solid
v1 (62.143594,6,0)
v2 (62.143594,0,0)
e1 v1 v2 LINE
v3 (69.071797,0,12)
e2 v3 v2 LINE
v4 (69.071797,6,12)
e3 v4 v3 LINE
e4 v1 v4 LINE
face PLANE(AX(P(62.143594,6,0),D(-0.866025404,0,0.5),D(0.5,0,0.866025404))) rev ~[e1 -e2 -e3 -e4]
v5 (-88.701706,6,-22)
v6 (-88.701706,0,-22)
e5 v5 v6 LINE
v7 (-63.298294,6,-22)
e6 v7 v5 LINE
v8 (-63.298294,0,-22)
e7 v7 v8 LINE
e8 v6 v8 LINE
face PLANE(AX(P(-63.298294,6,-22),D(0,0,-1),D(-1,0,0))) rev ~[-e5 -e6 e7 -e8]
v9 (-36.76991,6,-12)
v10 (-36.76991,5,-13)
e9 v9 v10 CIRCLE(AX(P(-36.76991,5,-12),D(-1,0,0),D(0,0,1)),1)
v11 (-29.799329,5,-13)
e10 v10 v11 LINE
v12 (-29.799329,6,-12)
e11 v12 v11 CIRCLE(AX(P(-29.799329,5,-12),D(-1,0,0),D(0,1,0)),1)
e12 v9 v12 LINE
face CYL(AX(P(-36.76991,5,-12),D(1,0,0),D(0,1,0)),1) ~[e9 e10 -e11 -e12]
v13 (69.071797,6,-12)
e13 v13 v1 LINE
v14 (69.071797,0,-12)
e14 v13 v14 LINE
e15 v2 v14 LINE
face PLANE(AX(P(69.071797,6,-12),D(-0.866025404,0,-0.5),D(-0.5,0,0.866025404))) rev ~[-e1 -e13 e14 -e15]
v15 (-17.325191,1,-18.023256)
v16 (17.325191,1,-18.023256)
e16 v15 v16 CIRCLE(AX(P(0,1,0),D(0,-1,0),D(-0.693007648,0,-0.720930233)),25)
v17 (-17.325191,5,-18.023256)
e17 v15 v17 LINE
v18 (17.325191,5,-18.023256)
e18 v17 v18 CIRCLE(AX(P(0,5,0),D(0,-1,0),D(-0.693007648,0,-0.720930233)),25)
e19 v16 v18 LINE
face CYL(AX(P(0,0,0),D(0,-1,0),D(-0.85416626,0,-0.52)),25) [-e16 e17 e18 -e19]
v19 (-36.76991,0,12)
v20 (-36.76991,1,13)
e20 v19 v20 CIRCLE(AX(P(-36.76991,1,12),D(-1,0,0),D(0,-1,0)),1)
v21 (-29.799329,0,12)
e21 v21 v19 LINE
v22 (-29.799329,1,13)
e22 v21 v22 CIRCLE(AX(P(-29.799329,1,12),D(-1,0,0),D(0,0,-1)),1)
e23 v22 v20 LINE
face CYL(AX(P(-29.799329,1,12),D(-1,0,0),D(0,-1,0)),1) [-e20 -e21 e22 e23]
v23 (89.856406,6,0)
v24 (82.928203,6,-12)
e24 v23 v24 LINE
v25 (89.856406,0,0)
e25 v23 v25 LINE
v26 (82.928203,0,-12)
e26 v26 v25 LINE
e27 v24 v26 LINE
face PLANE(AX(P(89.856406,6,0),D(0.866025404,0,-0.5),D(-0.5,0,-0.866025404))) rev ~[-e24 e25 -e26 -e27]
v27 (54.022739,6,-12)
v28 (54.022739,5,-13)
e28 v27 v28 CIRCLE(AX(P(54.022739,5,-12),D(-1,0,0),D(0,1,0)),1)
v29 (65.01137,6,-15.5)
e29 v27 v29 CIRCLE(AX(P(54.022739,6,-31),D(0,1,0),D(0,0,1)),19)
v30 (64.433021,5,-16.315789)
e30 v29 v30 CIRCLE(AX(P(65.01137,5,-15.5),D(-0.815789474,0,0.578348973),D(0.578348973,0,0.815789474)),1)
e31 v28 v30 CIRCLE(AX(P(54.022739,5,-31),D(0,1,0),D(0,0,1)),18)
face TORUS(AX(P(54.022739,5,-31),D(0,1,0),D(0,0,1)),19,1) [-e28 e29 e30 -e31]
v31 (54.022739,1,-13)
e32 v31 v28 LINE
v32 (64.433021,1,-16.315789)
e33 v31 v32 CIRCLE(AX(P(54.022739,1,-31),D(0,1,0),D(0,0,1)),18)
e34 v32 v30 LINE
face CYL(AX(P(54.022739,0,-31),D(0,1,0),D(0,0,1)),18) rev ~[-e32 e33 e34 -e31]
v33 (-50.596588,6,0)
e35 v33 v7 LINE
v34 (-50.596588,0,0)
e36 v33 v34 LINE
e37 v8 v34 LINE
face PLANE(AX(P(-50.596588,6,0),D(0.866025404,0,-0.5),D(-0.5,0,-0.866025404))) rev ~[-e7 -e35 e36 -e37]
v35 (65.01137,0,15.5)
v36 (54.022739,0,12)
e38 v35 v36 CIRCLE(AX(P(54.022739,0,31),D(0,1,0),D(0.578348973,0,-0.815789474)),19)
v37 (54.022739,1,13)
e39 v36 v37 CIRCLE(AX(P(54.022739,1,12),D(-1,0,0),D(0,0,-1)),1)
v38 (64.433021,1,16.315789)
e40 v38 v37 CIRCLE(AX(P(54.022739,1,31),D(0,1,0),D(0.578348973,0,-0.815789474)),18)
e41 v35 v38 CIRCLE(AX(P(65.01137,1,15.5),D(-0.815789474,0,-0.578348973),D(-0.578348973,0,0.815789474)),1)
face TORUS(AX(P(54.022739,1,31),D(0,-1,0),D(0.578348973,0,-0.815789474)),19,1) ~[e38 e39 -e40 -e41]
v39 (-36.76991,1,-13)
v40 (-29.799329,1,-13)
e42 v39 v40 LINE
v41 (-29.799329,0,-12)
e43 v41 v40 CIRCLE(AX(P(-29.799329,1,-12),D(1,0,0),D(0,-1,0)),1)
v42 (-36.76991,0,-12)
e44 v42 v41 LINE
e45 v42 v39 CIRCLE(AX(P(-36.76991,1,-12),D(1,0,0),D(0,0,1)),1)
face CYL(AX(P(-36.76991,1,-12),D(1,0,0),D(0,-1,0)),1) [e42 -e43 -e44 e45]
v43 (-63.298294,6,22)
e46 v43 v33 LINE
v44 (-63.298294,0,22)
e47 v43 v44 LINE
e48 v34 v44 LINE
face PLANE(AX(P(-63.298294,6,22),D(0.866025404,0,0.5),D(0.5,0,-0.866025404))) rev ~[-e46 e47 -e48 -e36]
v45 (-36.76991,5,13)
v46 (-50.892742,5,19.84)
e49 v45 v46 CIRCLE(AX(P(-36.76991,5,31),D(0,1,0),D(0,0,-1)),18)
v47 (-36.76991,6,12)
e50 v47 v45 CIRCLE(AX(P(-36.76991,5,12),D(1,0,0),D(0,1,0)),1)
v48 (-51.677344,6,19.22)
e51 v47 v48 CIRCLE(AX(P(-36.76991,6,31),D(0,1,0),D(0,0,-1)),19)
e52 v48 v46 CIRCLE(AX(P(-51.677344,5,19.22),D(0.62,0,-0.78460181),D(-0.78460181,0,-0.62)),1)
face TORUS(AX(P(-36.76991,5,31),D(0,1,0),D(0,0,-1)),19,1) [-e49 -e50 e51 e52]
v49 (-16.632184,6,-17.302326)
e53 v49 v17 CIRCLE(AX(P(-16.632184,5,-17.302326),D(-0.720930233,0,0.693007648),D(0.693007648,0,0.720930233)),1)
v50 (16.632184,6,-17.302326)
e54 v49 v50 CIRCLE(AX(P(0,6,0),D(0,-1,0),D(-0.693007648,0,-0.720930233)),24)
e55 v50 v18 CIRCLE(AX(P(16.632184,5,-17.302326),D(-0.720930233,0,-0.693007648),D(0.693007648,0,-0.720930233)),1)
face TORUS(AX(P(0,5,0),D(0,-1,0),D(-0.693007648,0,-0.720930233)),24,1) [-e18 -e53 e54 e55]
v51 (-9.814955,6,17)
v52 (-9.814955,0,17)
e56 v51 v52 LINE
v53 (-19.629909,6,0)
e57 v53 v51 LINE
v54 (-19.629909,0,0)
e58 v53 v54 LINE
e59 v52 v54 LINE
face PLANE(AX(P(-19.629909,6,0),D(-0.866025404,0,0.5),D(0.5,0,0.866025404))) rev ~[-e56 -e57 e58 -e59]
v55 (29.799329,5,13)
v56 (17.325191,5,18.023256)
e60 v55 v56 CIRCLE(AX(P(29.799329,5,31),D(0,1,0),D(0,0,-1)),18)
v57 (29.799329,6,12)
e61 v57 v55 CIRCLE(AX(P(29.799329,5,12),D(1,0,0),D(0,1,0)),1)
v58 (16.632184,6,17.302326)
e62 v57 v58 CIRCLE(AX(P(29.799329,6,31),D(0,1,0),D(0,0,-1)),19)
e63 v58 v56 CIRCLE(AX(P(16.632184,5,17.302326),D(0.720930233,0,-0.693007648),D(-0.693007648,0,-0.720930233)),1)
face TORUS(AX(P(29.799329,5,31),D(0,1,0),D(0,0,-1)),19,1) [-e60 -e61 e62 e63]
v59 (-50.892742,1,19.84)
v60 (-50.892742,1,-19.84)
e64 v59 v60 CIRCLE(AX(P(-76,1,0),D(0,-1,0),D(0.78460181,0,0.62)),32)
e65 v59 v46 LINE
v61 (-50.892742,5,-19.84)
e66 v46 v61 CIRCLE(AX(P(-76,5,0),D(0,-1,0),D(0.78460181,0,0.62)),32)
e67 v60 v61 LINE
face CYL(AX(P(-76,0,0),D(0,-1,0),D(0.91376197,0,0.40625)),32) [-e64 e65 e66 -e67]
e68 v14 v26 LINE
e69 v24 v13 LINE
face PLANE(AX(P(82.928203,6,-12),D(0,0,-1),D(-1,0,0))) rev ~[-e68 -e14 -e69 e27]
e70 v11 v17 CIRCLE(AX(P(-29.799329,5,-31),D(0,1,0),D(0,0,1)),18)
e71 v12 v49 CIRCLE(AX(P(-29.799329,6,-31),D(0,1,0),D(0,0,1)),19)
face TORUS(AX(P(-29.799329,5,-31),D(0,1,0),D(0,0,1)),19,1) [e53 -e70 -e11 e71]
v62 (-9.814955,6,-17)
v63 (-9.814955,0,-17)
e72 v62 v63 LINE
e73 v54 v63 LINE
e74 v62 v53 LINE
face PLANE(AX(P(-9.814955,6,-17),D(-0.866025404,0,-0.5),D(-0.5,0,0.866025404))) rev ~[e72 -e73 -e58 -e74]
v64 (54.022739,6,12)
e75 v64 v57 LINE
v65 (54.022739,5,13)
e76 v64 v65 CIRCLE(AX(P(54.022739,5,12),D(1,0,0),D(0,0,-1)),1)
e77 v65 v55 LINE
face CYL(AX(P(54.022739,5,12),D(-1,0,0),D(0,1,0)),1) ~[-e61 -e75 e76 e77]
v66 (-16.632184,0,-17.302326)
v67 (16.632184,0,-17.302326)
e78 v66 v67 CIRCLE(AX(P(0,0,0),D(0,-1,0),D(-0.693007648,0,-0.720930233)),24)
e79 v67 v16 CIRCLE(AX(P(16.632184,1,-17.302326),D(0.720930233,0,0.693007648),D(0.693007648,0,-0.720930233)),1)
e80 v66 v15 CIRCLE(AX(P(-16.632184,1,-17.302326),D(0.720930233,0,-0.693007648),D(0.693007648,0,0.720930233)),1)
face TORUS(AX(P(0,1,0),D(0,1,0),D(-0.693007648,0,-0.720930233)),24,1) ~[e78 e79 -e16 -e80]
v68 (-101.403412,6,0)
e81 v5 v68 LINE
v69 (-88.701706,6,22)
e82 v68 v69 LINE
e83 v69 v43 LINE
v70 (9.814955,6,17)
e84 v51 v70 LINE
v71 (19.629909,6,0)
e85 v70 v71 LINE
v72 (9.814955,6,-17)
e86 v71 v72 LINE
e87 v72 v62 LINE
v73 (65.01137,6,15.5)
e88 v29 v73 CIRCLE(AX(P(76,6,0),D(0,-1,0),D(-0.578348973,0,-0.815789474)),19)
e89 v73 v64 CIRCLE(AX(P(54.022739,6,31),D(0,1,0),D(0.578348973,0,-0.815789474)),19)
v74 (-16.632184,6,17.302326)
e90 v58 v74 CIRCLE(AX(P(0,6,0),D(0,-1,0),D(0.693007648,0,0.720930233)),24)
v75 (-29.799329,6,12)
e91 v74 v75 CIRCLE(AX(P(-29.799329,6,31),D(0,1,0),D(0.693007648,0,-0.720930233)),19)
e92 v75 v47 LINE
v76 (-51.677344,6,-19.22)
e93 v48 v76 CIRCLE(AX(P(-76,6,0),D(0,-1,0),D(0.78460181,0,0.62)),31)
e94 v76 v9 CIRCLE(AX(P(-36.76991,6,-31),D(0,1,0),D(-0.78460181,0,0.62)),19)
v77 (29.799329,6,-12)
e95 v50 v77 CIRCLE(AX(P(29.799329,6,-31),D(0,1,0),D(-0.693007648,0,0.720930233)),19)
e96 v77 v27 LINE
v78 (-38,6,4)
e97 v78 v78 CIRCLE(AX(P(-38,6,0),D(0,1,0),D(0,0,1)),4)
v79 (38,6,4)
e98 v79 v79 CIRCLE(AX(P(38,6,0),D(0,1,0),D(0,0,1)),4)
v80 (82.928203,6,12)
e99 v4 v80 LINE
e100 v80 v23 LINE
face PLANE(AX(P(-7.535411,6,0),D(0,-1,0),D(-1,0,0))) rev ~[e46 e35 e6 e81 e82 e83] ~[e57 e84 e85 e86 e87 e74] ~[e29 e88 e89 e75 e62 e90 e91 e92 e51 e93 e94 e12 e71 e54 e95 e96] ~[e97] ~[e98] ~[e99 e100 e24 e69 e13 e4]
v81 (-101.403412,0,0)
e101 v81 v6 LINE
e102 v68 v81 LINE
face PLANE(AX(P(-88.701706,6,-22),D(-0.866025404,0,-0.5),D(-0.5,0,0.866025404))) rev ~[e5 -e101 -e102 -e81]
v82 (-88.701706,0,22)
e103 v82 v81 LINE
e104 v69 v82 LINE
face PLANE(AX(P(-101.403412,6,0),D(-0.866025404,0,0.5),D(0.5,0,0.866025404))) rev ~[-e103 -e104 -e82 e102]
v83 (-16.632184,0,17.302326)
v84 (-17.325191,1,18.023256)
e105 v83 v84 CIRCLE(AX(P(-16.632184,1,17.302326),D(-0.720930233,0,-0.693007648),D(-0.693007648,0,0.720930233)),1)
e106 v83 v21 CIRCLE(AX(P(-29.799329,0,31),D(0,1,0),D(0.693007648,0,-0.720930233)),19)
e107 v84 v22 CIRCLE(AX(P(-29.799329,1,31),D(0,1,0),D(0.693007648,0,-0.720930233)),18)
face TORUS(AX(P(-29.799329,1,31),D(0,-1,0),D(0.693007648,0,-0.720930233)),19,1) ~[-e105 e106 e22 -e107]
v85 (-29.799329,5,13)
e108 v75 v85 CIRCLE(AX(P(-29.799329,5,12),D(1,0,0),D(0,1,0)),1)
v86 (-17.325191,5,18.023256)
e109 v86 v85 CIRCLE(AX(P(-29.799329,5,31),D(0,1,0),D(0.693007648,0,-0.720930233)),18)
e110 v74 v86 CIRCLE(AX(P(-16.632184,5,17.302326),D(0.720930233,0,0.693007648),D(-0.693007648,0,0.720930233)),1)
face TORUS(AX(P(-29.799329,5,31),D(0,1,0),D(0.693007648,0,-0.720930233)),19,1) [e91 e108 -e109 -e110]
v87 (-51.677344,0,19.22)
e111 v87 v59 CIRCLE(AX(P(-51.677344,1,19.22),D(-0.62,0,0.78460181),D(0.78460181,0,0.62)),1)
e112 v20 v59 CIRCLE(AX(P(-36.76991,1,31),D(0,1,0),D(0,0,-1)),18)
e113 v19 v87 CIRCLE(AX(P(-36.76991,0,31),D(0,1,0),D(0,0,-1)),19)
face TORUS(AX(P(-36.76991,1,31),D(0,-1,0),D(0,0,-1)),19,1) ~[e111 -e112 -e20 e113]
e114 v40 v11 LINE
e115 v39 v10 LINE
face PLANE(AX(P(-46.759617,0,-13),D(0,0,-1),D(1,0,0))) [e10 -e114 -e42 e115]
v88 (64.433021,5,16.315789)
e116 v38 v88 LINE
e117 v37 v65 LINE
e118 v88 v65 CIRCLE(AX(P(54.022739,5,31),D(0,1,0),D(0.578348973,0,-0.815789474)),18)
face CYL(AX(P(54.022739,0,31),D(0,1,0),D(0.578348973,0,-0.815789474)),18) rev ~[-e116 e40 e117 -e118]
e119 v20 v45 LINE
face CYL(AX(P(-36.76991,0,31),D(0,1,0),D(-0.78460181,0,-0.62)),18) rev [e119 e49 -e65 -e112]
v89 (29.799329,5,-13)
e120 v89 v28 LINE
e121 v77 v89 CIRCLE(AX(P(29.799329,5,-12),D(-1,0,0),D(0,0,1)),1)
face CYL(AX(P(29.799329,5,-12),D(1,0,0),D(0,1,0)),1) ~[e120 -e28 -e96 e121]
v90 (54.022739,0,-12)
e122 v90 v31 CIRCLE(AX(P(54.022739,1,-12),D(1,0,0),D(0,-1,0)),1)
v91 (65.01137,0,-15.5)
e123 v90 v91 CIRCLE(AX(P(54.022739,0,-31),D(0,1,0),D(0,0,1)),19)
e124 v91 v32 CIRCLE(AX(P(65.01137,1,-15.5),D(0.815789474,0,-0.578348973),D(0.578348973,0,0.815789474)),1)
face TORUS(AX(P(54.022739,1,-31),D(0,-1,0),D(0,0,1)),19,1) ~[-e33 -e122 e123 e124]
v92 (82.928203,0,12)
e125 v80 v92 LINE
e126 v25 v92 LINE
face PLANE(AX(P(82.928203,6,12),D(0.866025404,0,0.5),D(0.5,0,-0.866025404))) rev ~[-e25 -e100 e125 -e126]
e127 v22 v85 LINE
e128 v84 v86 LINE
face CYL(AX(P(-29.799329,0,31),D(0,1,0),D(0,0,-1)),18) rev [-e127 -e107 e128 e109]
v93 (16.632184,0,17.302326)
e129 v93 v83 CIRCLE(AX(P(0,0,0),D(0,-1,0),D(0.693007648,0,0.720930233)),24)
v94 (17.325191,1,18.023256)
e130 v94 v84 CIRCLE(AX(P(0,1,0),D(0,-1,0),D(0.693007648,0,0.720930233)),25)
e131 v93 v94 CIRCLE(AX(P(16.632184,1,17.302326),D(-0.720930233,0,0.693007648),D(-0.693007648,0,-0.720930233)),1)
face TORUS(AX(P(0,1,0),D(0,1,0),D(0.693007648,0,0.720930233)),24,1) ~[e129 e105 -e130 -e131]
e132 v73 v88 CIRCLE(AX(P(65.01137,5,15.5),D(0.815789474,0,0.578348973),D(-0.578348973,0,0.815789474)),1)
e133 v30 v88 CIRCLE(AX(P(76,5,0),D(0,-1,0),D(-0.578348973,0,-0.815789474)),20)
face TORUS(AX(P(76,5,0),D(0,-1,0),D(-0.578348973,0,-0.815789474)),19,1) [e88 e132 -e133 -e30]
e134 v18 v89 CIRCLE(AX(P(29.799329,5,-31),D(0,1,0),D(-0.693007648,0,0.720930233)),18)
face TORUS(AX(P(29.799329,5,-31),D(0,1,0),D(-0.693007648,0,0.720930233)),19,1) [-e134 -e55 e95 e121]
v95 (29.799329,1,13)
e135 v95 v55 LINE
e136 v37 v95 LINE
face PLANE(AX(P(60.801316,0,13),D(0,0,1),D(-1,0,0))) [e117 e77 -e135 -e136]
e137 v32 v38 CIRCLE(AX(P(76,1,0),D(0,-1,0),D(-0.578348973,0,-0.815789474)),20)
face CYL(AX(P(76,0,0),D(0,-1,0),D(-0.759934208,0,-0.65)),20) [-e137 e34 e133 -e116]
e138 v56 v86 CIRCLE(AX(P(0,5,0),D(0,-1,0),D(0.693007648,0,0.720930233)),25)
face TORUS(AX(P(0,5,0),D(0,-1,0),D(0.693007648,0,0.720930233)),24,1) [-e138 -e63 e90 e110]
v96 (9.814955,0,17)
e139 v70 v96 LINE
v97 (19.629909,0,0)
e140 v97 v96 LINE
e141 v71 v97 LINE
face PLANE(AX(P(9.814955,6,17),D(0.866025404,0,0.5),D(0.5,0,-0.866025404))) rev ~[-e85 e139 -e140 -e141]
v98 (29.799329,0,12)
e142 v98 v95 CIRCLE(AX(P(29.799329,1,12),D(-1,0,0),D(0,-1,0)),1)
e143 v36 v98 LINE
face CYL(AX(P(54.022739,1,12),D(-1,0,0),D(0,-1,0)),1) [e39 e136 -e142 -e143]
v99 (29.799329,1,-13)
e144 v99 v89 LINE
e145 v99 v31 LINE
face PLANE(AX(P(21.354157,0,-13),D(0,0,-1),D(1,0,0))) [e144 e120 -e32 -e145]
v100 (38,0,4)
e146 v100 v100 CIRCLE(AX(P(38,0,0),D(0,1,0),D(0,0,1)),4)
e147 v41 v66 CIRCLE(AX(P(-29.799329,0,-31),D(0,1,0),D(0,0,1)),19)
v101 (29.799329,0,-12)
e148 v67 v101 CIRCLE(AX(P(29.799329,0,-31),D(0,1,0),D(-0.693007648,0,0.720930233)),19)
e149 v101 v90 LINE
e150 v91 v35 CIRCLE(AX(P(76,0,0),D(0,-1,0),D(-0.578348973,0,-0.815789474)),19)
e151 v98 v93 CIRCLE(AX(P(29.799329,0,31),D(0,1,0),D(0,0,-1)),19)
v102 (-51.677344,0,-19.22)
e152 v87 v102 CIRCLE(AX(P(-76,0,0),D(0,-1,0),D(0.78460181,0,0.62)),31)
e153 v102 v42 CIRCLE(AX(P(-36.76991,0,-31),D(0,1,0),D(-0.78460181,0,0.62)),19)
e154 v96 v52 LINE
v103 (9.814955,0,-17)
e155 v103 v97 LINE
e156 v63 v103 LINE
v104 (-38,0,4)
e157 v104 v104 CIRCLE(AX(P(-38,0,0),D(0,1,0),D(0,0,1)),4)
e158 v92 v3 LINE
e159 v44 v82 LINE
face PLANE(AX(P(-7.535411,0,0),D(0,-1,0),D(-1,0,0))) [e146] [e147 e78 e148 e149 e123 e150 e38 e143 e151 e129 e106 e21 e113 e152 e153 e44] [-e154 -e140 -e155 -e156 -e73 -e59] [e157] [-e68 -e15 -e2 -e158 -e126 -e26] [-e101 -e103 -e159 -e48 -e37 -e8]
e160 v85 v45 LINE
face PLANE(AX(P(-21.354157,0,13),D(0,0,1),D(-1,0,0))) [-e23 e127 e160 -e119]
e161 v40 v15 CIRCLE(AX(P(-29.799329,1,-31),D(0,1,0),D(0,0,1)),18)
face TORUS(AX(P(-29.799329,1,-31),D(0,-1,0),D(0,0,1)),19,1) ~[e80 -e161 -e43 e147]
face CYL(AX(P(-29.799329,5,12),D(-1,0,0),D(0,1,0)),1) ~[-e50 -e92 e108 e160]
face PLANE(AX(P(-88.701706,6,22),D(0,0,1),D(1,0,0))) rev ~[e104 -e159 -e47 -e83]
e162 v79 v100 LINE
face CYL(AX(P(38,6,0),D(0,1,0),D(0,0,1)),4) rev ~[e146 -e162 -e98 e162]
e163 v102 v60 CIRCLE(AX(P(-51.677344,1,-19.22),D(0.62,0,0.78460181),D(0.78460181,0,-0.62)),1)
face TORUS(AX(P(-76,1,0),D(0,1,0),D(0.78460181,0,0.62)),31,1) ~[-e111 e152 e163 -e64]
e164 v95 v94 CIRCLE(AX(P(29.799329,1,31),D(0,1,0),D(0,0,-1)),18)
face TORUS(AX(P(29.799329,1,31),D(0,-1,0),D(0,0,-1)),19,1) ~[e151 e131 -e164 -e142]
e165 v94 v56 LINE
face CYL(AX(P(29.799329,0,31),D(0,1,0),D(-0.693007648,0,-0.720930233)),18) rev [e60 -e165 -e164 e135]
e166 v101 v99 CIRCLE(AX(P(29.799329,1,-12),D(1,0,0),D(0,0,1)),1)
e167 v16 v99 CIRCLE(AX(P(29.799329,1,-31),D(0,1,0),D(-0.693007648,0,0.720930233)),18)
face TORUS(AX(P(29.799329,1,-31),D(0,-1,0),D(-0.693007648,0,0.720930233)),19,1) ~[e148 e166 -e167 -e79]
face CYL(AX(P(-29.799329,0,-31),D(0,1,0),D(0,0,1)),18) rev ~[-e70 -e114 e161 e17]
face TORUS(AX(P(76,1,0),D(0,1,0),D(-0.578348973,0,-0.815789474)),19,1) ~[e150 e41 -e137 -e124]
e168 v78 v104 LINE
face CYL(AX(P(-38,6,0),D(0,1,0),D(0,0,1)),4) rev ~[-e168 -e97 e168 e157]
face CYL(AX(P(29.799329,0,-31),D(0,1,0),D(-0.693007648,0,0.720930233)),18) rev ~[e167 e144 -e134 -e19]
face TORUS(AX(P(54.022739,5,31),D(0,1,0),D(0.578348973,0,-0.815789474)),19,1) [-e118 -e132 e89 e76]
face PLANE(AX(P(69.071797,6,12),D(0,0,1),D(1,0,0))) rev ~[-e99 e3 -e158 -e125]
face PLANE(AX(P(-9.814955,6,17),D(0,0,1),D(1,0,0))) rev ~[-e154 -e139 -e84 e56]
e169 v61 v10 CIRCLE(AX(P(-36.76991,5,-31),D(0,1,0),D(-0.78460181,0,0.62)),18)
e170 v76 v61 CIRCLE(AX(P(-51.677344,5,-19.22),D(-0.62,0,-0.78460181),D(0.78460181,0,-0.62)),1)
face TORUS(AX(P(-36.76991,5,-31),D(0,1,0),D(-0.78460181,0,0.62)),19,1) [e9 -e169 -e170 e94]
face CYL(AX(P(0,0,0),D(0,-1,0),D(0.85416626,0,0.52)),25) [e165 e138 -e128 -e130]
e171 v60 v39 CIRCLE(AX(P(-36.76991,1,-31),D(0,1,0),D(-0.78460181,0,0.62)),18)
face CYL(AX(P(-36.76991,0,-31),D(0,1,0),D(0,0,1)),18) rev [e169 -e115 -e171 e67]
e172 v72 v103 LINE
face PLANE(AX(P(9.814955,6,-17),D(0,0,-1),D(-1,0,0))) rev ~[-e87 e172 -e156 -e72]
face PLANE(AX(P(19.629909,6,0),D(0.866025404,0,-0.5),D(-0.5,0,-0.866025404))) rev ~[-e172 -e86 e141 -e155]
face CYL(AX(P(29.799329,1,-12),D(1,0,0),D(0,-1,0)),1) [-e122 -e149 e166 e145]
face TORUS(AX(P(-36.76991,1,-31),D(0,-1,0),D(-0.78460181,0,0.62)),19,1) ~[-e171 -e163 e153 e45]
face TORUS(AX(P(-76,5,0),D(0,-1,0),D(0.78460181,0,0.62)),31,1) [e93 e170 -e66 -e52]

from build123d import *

# Parameters (mm, degrees)
BOSS_EXTRUDE1_DEPTH = 6
CUT_EXTRUDE1_DEPTH  = 7
FILLET1_R           = 18
SKETCH3_R           = 4
CUT_EXTRUDE2_DEPTH  = 7
FILLET3_R           = 1


with BuildPart() as part:
    # Sketch1 → Boss-Extrude1 (new body)
    with BuildSketch(Plane(origin=(0, 0, 0), x_dir=(1, 0, 0), z_dir=(0, 1, 0))):
        with BuildLine():
            Line((-46.759616966, 13), (-21.354156504, 13))
            ThreePointArc((-21.354156504, 13), (0, 25), (21.354156504, 13))
            Line((21.354156504, 13), (60.801315846, 13))
            ThreePointArc((60.801315846, 13), (96, 0), (60.801315846, -13))
            Line((60.801315846, -13), (21.354156504, -13))
            ThreePointArc((21.354156504, -13), (0, -25), (-21.354156504, -13))
            Line((-21.354156504, -13), (-46.759616966, -13))
            ThreePointArc((-46.759616966, -13), (-108, 0), (-46.759616966, 13))
        make_face()
    extrude(amount=BOSS_EXTRUDE1_DEPTH)

    # Sketch2 → Cut-Extrude1 (cut, through all)
    with BuildSketch(Plane(origin=(0, 6, 0), x_dir=(1, 0, 0), z_dir=(0, 1, 0))):
        Polygon((19.629909152, 0), (9.814954576, 17), (-9.814954576, 17), (-19.629909152, 0), (-9.814954576, -17), (9.814954576, -17), align=None)
        Polygon((89.856406461, 0), (82.92820323, 12), (69.07179677, 12), (62.143593539, 0), (69.07179677, -12), (82.92820323, -12), align=None)
        Polygon((-50.596588156, 0), (-63.298294078, 22), (-88.701705922, 22), (-101.403411844, 0), (-88.701705922, -22), (-63.298294078, -22), align=None)
    extrude(amount=-CUT_EXTRUDE1_DEPTH, mode=Mode.SUBTRACT)

    # Fillet1
    fillet1_edges = [part.edges().sort_by_distance(p)[0] for p in [
        (-46.759616966, 3, -13),
        (-21.354156504, 3, -13),
        (21.354156504, 3, -13),
        (60.801315846, 3, -13),
        (60.801315846, 3, 13),
        (21.354156504, 3, 13),
        (-21.354156504, 3, 13),
        (-46.759616966, 3, 13),
    ]]
    fillet(fillet1_edges, radius=FILLET1_R)

    # Sketch3 → Cut-Extrude2 (cut, through all)
    with BuildSketch(Plane(origin=(0, 6, 0), x_dir=(1, 0, 0), z_dir=(0, 1, 0))):
        with Locations(Location((-38, 0, 0), (0, 0, 270))):  # turned: the seam where the file's is
            Circle(SKETCH3_R)
        with Locations(Location((38, 0, 0), (0, 0, 270))):  # turned: the seam where the file's is
            Circle(SKETCH3_R)
    extrude(amount=-CUT_EXTRUDE2_DEPTH, mode=Mode.SUBTRACT)

    # Fillet3
    fillet3_edges = [part.edges().sort_by_distance(p)[0] for p in [
        (-33.28461918, 6, 13),
        (-108, 0, 0),
        (-108, 6, 0),
        (59.485531832, 0, 13.848968115),
        (59.485531832, 6, 13.848968115),
        (59.485531832, 0, -13.848968115),
        (59.485531832, 6, -13.848968115),
        (23.075542543, 0, 14.302973388),
        (23.075542543, 6, 14.302973388),
        (23.075542543, 0, -14.302973388),
        (23.075542543, 6, -14.302973388),
        (-23.075542543, 0, -14.302973388),
        (-23.075542543, 6, -14.302973388),
        (-23.075542543, 0, 14.302973388),
        (-23.075542543, 6, 14.302973388),
        (-44.615927607, 0, 14.8),
        (-44.615927607, 6, 14.8),
        (-44.615927607, 0, -14.8),
        (-44.615927607, 6, -14.8),
        (96, 0, 0),
        (96, 6, 0),
        (41.911033938, 0, 13),
        (41.911033938, 6, 13),
        (41.911033938, 0, -13),
        (41.911033938, 6, -13),
        (0, 0, 25),
        (0, 6, 25),
        (0, 0, -25),
        (0, 6, -25),
        (-33.28461918, 0, -13),
        (-33.28461918, 6, -13),
        (-33.28461918, 0, 13),
    ]]
    fillet(fillet3_edges, radius=FILLET3_R)


solid = part.part
